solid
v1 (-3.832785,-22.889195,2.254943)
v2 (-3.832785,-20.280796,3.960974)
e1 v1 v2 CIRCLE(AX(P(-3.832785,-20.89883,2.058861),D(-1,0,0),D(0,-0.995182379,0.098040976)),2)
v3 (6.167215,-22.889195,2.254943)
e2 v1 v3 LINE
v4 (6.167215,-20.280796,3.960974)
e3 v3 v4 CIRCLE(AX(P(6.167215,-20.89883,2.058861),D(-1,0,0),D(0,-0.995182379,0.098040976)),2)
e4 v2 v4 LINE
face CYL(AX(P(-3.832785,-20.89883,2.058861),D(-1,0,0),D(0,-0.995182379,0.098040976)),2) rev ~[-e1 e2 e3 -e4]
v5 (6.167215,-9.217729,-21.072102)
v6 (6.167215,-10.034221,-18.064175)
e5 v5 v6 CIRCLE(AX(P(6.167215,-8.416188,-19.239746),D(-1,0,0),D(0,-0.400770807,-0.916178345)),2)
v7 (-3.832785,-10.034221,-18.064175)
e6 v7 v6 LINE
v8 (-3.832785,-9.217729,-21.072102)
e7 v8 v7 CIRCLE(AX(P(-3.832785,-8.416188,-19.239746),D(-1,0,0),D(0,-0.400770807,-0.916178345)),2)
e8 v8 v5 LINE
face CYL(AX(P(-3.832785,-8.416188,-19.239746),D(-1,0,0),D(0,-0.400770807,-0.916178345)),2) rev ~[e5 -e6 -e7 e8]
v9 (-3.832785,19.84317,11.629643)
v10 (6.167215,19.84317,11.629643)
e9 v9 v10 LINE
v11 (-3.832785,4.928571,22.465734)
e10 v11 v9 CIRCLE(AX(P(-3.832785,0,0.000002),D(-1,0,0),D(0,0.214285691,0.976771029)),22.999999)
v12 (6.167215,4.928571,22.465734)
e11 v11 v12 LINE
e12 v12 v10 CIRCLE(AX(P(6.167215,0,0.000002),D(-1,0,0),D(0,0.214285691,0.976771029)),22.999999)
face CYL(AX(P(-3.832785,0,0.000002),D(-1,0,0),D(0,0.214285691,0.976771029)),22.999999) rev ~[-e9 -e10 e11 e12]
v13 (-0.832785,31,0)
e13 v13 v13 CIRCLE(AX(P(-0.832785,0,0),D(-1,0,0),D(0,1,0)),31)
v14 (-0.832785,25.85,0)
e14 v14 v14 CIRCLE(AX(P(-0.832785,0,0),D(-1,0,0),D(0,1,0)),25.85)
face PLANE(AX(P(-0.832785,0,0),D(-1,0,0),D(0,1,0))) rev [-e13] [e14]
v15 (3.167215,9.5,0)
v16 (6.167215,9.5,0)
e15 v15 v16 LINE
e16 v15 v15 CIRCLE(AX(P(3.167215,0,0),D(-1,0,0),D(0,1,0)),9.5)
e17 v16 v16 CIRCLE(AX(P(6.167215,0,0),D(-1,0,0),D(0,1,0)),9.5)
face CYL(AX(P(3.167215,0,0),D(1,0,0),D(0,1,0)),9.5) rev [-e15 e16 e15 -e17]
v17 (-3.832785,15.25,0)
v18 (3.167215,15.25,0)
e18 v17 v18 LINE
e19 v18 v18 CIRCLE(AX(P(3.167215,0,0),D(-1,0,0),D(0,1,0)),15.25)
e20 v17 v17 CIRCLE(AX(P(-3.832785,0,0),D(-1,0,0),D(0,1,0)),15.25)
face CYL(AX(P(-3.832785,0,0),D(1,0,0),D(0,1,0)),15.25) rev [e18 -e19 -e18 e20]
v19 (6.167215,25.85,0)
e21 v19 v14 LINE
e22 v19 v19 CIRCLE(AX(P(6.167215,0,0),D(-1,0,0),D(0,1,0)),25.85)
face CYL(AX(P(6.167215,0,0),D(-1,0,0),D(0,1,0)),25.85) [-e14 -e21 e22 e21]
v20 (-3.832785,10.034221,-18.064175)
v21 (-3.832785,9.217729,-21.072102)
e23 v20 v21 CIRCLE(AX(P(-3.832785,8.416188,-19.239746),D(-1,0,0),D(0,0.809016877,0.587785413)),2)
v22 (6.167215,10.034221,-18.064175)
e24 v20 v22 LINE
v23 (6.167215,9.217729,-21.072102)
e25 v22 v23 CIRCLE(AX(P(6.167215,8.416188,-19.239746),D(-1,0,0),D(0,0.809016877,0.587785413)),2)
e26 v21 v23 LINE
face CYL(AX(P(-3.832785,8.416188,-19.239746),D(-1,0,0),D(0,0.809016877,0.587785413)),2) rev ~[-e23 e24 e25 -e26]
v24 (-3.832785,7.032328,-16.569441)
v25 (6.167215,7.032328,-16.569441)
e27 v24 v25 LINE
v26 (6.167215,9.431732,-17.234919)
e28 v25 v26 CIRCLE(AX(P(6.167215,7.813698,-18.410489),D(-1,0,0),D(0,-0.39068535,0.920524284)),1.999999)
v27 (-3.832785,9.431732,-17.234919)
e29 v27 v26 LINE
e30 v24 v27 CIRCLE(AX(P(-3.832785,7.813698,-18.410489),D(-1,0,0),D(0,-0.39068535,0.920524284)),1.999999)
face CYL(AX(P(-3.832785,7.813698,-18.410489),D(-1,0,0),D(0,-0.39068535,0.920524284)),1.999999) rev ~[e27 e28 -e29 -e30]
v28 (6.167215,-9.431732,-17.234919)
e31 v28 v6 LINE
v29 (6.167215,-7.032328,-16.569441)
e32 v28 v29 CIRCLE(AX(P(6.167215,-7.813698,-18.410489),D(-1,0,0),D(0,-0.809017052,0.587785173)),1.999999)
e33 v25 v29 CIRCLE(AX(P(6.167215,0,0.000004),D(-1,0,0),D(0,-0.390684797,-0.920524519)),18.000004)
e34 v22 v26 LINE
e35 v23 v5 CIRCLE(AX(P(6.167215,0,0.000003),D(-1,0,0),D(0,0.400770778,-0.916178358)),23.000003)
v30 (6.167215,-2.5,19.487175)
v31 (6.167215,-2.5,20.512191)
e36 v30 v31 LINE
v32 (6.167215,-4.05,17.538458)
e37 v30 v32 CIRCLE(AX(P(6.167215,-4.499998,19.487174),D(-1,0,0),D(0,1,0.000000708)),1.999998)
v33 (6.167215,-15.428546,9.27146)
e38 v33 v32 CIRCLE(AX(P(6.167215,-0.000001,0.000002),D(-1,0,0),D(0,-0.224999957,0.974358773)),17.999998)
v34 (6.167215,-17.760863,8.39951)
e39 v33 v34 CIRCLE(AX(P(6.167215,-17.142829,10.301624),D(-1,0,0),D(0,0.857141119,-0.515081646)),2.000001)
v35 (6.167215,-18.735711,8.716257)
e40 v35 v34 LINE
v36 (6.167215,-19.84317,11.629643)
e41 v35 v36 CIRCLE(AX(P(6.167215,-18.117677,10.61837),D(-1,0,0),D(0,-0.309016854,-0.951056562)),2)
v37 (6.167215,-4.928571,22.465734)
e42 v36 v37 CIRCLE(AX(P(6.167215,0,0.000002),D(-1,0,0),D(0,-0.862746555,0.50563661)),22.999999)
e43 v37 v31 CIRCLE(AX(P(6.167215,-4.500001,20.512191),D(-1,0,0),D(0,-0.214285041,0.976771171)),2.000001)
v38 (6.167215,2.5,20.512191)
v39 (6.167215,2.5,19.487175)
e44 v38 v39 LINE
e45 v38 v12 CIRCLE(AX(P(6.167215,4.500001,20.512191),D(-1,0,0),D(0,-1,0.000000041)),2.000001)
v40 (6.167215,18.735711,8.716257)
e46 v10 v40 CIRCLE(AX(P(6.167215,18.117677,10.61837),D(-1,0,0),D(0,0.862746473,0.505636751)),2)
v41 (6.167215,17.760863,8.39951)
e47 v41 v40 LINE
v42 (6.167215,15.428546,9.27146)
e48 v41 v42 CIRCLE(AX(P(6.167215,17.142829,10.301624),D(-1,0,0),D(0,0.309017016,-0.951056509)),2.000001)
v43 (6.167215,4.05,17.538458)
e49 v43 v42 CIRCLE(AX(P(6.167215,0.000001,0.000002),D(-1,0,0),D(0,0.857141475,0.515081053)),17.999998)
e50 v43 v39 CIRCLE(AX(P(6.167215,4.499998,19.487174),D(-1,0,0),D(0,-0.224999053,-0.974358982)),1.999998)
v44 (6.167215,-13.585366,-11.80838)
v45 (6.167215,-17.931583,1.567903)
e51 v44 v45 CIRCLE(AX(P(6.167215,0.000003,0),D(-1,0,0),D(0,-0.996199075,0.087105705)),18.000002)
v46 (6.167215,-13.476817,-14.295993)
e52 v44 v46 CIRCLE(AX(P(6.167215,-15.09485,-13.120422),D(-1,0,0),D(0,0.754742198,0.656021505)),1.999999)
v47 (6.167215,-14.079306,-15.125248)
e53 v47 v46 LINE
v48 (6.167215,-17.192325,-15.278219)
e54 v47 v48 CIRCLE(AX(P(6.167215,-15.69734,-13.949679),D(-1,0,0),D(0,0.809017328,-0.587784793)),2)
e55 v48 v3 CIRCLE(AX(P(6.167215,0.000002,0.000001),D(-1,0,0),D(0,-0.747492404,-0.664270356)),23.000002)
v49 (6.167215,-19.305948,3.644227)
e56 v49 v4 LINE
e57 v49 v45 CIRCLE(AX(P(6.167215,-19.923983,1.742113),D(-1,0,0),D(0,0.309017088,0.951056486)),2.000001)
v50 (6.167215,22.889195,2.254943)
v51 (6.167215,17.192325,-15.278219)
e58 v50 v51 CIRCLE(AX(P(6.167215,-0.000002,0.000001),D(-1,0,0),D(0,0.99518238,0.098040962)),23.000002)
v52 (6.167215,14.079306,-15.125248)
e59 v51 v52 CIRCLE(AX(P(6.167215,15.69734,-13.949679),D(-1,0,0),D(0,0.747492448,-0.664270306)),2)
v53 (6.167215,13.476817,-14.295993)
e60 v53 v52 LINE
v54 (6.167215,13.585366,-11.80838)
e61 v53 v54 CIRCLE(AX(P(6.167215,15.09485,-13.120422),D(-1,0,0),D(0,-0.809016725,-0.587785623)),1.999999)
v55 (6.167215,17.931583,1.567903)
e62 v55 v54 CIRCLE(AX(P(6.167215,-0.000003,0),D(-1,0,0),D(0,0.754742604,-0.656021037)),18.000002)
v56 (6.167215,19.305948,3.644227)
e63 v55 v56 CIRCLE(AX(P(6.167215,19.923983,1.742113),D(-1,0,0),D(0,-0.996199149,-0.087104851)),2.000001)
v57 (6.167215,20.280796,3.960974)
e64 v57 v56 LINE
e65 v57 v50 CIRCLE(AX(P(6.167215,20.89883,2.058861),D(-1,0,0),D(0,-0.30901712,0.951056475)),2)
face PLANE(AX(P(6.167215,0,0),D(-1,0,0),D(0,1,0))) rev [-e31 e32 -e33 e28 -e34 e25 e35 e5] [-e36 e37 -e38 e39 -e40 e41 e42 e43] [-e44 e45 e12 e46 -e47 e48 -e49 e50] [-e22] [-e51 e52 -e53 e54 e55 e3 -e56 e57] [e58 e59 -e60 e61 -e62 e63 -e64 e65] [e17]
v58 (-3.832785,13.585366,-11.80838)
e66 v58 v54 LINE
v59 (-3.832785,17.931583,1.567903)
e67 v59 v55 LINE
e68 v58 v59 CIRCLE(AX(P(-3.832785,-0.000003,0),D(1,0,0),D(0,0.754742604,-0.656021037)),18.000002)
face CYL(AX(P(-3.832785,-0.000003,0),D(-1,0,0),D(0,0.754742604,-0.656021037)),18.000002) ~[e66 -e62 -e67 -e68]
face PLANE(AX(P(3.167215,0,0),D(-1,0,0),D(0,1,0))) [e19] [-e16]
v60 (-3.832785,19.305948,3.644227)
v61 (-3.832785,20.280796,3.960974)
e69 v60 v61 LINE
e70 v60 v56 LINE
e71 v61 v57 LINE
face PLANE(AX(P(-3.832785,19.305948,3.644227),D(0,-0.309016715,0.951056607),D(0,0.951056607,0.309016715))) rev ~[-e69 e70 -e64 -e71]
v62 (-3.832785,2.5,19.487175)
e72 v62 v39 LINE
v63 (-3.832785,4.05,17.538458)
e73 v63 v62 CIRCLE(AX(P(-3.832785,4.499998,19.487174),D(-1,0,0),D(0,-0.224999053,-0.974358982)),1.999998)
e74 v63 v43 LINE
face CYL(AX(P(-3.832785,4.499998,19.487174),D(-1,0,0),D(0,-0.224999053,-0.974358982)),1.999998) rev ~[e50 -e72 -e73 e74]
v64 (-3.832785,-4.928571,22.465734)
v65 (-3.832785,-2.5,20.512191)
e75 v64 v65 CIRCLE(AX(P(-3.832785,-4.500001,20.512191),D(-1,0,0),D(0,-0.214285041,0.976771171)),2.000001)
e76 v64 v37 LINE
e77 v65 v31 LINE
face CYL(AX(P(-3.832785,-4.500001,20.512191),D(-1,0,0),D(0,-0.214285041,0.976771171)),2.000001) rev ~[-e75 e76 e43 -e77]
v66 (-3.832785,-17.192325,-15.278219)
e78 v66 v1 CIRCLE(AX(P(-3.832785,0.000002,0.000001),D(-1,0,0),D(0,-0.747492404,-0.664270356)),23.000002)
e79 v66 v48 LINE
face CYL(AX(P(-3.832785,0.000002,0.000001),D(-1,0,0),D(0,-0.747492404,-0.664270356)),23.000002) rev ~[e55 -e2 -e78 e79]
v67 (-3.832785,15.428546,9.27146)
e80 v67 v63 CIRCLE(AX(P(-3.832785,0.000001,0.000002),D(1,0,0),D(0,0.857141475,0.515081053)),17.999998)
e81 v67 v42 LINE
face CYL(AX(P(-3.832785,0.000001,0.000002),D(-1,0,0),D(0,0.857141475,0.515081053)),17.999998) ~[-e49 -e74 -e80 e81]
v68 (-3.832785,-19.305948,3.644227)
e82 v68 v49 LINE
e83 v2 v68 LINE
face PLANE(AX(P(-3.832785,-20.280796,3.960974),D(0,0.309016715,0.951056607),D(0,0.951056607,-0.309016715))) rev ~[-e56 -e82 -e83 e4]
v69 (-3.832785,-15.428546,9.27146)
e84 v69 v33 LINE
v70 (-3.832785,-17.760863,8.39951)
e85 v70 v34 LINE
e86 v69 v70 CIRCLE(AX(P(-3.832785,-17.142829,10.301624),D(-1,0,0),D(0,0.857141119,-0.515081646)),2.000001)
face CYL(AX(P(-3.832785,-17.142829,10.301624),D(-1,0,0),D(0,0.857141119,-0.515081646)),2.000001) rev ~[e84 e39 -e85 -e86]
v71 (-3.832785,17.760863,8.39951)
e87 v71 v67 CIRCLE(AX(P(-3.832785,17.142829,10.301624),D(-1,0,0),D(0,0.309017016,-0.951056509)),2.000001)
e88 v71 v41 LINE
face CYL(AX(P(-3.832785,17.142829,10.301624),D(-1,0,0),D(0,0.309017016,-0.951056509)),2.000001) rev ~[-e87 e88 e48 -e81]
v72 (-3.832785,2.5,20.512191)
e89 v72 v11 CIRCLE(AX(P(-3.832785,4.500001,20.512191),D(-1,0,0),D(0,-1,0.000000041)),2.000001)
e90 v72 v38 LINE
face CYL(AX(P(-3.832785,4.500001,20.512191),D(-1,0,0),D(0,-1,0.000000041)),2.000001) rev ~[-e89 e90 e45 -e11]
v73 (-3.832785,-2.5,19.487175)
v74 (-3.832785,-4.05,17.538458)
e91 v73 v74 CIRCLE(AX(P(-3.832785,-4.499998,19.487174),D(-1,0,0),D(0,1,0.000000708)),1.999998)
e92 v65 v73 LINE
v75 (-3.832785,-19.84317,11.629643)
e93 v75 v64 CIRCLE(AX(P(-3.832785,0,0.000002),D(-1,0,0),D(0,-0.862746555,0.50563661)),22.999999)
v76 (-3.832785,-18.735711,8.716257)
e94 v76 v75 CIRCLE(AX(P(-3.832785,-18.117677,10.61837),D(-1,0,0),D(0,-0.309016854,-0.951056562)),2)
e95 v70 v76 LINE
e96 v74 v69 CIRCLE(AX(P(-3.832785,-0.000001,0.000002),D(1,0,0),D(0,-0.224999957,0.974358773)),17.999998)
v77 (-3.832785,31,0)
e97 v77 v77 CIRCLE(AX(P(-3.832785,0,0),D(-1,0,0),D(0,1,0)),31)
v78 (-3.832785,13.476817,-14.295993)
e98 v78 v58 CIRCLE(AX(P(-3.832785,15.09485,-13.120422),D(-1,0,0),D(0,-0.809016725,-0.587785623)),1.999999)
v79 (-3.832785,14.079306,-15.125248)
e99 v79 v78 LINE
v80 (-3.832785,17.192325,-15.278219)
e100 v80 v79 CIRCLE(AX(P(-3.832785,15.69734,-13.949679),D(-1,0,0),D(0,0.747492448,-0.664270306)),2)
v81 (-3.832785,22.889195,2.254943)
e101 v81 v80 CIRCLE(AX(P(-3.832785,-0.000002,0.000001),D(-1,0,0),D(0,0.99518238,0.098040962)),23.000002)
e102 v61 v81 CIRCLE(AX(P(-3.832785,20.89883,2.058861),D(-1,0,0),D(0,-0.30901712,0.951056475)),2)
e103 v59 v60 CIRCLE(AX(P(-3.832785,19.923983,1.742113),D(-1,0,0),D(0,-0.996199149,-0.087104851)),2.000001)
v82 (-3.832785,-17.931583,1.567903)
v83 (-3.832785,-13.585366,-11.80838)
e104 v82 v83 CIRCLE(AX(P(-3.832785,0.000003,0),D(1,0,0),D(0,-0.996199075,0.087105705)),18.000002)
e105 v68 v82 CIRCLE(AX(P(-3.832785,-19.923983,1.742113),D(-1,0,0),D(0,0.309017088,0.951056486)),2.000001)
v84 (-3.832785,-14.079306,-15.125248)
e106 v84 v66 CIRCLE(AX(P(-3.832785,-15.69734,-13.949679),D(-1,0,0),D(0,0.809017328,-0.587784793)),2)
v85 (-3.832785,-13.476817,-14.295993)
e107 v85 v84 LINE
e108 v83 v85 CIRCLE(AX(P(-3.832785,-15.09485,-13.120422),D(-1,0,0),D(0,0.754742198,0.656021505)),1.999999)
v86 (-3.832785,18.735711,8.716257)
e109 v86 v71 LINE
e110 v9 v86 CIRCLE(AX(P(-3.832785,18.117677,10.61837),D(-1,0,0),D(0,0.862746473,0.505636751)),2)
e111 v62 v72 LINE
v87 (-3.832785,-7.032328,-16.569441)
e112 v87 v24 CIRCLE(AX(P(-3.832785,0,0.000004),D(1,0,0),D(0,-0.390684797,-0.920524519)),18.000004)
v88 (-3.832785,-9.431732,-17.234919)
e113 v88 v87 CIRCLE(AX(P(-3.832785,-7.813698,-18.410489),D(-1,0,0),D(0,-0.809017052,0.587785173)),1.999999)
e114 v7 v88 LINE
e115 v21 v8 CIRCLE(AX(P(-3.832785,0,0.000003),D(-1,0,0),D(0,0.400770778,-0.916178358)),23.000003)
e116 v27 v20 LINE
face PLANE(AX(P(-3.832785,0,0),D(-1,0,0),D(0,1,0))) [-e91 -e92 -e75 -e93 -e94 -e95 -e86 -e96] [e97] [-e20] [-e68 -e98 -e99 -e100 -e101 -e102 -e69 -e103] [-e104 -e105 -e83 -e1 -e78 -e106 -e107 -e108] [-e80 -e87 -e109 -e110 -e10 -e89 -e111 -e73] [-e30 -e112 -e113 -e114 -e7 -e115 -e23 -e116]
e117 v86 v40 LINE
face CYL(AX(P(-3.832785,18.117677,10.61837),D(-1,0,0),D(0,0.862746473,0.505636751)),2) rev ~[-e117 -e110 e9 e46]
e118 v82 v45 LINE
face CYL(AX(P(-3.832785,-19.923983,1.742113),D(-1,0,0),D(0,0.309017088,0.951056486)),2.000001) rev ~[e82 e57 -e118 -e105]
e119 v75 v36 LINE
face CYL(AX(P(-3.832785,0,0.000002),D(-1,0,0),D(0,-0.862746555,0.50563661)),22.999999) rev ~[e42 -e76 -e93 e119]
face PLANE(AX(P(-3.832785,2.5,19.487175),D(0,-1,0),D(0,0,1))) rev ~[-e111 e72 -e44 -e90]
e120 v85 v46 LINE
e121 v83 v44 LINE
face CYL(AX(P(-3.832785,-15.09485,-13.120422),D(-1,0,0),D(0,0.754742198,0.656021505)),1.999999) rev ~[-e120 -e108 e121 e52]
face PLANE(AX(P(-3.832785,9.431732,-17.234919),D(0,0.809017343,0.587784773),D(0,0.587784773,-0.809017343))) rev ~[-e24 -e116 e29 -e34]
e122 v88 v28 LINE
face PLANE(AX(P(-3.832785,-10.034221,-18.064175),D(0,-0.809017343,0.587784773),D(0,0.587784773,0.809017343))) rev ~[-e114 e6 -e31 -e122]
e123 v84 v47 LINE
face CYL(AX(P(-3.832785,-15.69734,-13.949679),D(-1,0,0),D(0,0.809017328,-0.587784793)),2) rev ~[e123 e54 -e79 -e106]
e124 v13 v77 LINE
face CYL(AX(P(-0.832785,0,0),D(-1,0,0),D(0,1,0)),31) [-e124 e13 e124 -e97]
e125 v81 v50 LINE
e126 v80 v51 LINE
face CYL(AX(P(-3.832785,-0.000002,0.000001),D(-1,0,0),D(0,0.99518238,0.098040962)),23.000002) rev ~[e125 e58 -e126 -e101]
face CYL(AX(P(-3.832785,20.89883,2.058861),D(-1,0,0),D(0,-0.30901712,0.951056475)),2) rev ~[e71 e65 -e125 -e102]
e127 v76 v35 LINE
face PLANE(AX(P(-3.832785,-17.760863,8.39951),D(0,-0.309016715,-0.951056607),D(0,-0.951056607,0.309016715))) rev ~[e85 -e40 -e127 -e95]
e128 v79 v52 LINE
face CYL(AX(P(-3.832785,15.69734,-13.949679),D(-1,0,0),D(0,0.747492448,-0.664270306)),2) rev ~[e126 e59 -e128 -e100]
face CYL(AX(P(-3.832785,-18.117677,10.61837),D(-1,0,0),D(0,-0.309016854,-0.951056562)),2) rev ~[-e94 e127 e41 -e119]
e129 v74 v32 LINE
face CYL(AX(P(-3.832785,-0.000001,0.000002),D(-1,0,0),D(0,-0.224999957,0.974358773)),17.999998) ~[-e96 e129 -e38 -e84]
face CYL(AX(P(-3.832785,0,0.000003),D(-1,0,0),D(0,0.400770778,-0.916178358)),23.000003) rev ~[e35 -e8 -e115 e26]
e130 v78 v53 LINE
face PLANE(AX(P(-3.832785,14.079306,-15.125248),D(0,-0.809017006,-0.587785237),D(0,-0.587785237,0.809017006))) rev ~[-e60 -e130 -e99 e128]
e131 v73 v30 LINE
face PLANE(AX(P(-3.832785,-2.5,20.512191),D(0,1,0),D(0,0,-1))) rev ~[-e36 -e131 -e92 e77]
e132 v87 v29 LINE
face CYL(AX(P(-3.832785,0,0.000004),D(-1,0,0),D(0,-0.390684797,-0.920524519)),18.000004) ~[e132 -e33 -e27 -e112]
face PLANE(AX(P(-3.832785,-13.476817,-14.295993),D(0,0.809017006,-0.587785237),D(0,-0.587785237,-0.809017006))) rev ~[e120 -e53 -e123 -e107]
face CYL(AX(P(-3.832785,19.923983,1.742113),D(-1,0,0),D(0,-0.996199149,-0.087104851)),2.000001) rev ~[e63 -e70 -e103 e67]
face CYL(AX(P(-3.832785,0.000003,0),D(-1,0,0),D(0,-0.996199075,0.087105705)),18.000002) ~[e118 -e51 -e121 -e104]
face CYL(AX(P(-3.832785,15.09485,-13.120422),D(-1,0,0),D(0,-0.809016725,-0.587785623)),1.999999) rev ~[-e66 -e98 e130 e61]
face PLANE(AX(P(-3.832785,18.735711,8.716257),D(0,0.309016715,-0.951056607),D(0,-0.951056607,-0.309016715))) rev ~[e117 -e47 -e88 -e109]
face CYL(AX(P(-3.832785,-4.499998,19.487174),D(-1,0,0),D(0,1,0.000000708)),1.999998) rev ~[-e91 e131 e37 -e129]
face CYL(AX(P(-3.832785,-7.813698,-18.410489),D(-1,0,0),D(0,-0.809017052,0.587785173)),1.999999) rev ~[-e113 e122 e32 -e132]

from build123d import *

# Parameters (mm, degrees)
F3_DEPTH = 25


with BuildPart() as f1:
    # F0 (on Top) → F1 (revolve)
    with BuildSketch(Plane.XY):
        Polygon((-3.832785, 31), (-3.832785, 15.25), (3.167215, 15.25), (3.167215, 9.5), (6.167215, 9.5), (6.167215, 25.85), (-0.832785, 25.85), (-0.832785, 31), align=None)
    revolve(axis=Axis((4.667215, 0, 0), (-1, 0, 0)))

    # F2 (on face) → F3 (cut)
    with BuildSketch(Plane(origin=(-3.832785, 0, 0), x_dir=(0, -1, 0), z_dir=(-1, 0, 0))):
        with BuildLine():
            ThreePointArc((-2.5, 20.512191), (-3.246434, 22.070579), (-4.928571, 22.465734))
            ThreePointArc((-4.928571, 22.465734), (-13.519061, 18.607391), (-19.84317, 11.629643))
            ThreePointArc((-19.84317, 11.629643), (-19.987165, 9.907726), (-18.735711, 8.716257))
            Line((-18.735711, 8.716257), (-17.760863, 8.39951))
            ThreePointArc((-17.760863, 8.39951), (-16.442461, 8.428261), (-15.428546, 9.27146))
            ThreePointArc((-15.428546, 9.27146), (-10.580135, 14.562306), (-4.05, 17.538458))
            ThreePointArc((-4.05, 17.538458), (-2.934752, 18.242185), (-2.5, 19.487175))
            Line((-2.5, 19.487175), (-2.5, 20.512191))
        make_face()
        with BuildLine():
            ThreePointArc((4.928571, 22.465734), (3.246434, 22.070579), (2.5, 20.512191))
            Line((2.5, 20.512191), (2.5, 19.487175))
            ThreePointArc((2.5, 19.487175), (2.934752, 18.242185), (4.05, 17.538458))
            ThreePointArc((4.05, 17.538458), (10.580135, 14.562306), (15.428546, 9.27146))
            ThreePointArc((15.428546, 9.27146), (16.442461, 8.428261), (17.760863, 8.39951))
            Line((17.760863, 8.39951), (18.735711, 8.716257))
            ThreePointArc((18.735711, 8.716257), (19.987165, 9.907726), (19.84317, 11.629643))
            ThreePointArc((19.84317, 11.629643), (13.519061, 18.607391), (4.928571, 22.465734))
        make_face()
        with BuildLine():
            ThreePointArc((22.889195, 2.254943), (21.993571, 3.732642), (20.280796, 3.960974))
            Line((20.280796, 3.960974), (19.305948, 3.644227))
            ThreePointArc((19.305948, 3.644227), (18.256238, 2.84603), (17.931583, 1.567903))
            ThreePointArc((17.931583, 1.567903), (17.119017, -5.562306), (13.585366, -11.80838))
            ThreePointArc((13.585366, -11.80838), (13.096752, -13.033234), (13.476817, -14.295993))
            Line((13.476817, -14.295993), (14.079306, -15.125248))
            ThreePointArc((14.079306, -15.125248), (15.599181, -15.947268), (17.192325, -15.278219))
            ThreePointArc((17.192325, -15.278219), (21.8743, -7.107391), (22.889195, 2.254943))
        make_face()
        with BuildLine():
            ThreePointArc((9.217729, -21.072102), (10.346341, -19.763679), (10.034221, -18.064175))
            Line((10.034221, -18.064175), (9.431732, -17.234919))
            ThreePointArc((9.431732, -17.234919), (8.348223, -16.483242), (7.032328, -16.569441))
            ThreePointArc((7.032328, -16.569441), (0, -18), (-7.032328, -16.569441))
            ThreePointArc((-7.032328, -16.569441), (-8.348223, -16.483242), (-9.431732, -17.234919))
            Line((-9.431732, -17.234919), (-10.034221, -18.064175))
            ThreePointArc((-10.034221, -18.064175), (-10.346341, -19.763679), (-9.217729, -21.072102))
            ThreePointArc((-9.217729, -21.072102), (0, -23), (9.217729, -21.072102))
        make_face()
        with BuildLine():
            ThreePointArc((-17.192325, -15.278219), (-15.599181, -15.947268), (-14.079306, -15.125248))
            Line((-14.079306, -15.125248), (-13.476817, -14.295993))
            ThreePointArc((-13.476817, -14.295993), (-13.096752, -13.033234), (-13.585366, -11.80838))
            ThreePointArc((-13.585366, -11.80838), (-17.119017, -5.562306), (-17.931583, 1.567903))
            ThreePointArc((-17.931583, 1.567903), (-18.256238, 2.84603), (-19.305948, 3.644227))
            Line((-19.305948, 3.644227), (-20.280796, 3.960974))
            ThreePointArc((-20.280796, 3.960974), (-21.993571, 3.732642), (-22.889195, 2.254943))
            ThreePointArc((-22.889195, 2.254943), (-21.8743, -7.107391), (-17.192325, -15.278219))
        make_face()
    extrude(amount=-F3_DEPTH, mode=Mode.SUBTRACT)


solid = f1.part
